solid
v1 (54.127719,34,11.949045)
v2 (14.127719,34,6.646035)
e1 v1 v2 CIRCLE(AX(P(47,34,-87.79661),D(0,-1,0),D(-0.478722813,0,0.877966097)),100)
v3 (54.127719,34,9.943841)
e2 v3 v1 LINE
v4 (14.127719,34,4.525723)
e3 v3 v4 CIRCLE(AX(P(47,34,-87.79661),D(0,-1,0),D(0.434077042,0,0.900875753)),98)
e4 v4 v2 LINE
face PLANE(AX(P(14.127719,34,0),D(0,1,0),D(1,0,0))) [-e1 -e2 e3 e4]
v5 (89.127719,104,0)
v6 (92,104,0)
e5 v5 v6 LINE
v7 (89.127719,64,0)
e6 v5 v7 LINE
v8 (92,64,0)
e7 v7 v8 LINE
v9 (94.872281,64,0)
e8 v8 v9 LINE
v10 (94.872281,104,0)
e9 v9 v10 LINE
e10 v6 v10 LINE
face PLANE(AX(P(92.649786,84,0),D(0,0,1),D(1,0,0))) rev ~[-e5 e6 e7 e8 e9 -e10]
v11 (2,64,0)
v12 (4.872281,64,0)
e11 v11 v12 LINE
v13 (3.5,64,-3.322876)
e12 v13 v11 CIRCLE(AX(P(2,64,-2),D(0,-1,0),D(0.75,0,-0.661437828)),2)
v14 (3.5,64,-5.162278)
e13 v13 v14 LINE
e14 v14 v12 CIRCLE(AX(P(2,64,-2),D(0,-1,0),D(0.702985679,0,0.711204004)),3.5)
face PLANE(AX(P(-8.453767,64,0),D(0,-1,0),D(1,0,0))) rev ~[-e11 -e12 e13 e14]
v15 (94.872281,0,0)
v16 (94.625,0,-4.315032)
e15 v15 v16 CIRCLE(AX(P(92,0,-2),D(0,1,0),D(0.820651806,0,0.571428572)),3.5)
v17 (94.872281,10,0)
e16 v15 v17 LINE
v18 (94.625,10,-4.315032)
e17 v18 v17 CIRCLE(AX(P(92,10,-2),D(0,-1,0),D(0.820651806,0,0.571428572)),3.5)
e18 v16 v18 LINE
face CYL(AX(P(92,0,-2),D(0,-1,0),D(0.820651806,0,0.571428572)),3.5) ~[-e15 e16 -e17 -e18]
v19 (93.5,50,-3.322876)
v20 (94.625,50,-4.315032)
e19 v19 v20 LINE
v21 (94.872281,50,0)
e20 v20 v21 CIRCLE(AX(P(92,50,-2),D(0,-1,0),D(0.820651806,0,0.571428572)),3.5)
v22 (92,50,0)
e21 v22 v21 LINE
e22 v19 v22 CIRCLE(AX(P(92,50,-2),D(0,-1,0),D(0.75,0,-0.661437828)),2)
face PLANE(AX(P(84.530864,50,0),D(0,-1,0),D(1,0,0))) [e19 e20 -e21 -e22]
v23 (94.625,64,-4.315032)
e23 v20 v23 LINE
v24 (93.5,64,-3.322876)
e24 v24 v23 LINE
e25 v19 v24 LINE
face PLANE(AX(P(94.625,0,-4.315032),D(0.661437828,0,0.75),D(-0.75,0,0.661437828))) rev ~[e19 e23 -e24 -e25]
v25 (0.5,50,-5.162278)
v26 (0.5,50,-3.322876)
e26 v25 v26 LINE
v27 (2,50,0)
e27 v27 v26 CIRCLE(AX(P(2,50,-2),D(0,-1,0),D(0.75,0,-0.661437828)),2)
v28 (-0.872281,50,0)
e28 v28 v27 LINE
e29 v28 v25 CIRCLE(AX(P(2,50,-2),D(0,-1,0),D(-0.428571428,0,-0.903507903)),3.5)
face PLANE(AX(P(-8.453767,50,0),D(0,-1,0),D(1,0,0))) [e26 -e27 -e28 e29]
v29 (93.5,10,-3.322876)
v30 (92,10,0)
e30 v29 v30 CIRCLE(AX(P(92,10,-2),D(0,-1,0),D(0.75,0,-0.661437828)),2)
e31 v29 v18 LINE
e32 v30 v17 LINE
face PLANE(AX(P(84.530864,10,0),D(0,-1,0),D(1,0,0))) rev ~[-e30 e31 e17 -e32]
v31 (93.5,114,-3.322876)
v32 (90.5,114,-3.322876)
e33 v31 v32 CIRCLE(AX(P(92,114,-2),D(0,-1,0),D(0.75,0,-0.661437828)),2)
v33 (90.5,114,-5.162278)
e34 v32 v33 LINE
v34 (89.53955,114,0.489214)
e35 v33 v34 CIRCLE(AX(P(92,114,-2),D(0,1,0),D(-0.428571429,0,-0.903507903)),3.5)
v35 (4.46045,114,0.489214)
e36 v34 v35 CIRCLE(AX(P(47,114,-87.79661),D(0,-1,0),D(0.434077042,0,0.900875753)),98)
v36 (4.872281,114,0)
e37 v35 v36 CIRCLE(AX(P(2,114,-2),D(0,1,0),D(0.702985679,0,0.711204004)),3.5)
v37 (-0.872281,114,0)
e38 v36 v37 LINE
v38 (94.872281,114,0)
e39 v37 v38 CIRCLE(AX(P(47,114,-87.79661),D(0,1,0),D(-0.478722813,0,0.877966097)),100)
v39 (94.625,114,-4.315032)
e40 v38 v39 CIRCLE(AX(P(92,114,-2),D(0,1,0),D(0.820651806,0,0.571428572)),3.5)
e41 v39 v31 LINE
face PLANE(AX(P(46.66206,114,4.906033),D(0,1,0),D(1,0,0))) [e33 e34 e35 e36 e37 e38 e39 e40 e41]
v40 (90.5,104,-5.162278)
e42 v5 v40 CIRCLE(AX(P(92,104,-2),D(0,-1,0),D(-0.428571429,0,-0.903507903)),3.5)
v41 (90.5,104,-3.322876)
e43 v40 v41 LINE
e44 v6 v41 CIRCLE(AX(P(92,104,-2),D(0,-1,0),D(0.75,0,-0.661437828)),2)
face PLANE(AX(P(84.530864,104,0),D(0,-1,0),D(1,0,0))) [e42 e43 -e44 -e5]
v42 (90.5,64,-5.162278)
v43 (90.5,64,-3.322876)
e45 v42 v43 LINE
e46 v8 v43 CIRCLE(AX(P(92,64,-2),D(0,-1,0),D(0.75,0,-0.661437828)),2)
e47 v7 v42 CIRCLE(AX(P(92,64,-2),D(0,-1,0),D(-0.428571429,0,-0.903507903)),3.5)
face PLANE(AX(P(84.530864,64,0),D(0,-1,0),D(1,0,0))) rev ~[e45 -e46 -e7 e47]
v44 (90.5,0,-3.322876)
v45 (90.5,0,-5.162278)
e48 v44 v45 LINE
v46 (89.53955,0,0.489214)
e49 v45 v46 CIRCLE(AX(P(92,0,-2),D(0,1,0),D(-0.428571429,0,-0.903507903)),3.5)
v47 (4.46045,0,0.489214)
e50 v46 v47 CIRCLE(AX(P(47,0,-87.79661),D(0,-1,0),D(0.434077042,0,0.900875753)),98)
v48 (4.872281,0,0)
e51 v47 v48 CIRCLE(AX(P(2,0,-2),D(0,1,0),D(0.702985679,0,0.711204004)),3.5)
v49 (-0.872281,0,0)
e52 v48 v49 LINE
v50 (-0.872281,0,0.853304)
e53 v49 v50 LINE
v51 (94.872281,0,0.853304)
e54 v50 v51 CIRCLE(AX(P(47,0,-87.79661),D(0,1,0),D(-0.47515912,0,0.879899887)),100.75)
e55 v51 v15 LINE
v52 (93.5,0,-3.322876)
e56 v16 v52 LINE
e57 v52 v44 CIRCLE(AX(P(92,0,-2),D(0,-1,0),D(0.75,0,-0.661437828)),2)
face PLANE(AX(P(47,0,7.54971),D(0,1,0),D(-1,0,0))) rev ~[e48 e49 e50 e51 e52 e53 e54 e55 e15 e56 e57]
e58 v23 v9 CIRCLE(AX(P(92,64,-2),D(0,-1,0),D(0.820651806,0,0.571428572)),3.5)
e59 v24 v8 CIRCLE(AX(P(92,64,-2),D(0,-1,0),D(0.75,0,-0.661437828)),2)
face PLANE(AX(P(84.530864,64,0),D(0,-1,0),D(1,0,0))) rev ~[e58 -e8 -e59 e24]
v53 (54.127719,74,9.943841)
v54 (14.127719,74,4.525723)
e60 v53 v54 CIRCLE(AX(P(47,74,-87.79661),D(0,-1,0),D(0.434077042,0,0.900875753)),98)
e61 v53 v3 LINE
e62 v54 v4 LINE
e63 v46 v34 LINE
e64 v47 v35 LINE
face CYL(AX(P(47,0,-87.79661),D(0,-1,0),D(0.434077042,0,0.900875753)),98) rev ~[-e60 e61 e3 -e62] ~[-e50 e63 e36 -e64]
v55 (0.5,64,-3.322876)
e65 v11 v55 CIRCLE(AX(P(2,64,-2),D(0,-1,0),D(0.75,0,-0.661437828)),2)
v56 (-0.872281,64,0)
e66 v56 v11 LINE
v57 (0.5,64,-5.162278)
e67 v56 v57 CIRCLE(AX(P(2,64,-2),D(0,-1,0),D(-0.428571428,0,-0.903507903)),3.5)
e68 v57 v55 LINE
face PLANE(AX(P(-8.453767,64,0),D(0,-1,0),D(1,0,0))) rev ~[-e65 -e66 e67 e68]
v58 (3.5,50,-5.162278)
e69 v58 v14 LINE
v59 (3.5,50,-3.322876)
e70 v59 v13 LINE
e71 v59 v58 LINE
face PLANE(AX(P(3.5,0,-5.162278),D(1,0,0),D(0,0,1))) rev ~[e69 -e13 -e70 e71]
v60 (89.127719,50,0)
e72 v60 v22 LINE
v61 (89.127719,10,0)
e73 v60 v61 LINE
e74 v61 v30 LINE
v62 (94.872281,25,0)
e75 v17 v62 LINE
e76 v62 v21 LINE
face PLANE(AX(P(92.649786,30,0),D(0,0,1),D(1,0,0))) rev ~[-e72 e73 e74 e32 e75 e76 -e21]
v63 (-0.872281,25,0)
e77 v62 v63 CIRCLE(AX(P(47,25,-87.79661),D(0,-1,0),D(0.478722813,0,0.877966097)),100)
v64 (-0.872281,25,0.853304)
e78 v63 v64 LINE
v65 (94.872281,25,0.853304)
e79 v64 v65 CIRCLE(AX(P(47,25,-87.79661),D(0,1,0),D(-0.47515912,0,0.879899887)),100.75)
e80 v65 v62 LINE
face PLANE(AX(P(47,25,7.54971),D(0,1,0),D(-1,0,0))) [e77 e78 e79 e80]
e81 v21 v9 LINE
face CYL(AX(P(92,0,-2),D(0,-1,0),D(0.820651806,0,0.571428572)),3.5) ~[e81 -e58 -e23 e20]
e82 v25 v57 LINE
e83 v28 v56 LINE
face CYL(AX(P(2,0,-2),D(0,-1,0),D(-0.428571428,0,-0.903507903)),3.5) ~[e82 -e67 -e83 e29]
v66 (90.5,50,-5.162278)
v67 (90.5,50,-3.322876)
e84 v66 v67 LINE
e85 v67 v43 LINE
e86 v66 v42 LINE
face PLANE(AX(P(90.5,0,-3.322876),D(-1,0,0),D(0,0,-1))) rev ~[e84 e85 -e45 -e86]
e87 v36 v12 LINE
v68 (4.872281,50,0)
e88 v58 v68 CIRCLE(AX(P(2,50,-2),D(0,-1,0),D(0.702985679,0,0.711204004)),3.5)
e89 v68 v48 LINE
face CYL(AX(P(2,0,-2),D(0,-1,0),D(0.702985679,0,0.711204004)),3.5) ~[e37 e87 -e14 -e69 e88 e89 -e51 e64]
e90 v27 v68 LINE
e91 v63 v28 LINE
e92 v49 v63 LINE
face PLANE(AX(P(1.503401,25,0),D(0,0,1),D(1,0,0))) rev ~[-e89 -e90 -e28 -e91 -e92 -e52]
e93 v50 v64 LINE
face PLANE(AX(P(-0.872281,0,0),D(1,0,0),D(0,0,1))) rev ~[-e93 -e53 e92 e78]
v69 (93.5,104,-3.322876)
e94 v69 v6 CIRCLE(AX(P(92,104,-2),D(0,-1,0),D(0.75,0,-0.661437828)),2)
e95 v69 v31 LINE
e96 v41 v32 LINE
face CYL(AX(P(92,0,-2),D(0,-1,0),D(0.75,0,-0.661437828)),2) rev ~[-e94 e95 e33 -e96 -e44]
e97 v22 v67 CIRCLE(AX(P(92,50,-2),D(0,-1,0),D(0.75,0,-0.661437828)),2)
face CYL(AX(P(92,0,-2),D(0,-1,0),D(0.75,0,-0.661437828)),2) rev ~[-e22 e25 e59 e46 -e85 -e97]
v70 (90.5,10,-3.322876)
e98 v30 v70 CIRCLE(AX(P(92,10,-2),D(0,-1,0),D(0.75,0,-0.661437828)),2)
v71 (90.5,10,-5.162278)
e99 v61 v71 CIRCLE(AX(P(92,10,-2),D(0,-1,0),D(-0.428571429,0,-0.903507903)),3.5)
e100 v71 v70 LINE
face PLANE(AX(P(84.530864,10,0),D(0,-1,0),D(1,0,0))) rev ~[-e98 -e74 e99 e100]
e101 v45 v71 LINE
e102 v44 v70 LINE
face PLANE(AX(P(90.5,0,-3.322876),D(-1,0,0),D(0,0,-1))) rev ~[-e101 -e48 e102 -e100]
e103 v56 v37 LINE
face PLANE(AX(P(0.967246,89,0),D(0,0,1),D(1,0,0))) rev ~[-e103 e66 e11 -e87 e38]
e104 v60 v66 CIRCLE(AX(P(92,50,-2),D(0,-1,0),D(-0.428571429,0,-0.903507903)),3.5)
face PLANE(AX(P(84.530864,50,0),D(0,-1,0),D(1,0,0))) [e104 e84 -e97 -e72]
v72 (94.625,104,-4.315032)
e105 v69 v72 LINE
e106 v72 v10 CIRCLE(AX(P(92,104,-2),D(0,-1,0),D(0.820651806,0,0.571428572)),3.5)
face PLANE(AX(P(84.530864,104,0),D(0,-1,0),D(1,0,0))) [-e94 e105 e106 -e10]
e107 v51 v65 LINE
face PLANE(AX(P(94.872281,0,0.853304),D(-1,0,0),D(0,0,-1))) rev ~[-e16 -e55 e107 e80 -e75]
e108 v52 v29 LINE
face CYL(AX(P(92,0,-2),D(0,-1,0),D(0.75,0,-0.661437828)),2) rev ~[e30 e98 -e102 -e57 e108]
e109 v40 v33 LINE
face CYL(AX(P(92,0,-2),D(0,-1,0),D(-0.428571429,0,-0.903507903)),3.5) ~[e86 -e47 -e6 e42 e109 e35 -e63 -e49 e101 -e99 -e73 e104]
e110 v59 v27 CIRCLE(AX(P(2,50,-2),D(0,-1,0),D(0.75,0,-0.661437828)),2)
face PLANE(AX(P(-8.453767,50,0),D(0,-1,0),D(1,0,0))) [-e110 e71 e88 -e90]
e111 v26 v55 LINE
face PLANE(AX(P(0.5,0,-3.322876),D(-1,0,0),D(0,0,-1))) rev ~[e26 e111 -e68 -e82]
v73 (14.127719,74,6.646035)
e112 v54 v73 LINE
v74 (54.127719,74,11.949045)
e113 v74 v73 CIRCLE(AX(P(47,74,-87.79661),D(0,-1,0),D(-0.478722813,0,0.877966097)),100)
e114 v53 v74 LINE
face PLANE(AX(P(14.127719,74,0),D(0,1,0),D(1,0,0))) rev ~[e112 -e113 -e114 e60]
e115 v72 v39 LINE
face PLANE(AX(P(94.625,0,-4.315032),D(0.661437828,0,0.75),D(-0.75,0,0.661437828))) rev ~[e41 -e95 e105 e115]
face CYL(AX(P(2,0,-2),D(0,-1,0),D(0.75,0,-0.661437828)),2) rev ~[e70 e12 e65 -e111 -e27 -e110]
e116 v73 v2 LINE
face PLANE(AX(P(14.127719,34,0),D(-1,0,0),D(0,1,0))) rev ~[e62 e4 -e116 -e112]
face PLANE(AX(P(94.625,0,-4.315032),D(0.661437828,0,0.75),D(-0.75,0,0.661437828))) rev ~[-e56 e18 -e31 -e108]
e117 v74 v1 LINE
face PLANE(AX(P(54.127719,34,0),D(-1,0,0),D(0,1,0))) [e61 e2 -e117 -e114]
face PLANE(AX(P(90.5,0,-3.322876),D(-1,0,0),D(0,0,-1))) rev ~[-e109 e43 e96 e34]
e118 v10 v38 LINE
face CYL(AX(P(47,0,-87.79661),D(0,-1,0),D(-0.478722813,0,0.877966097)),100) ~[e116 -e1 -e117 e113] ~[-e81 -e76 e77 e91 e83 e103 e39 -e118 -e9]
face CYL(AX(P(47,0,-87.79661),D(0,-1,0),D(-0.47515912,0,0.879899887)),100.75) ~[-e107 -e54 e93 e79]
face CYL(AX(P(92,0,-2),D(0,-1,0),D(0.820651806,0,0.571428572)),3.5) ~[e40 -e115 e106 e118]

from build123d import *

# Parameters (mm, degrees)
EXTRUDE_1_DEPTH     = 114
EXTRUDE_2_DEPTH     = 25
SKETCH_4_W          = 16.237843285
SKETCH_4_H          = 40
SKETCH_4_W_2        = 18.842025699
SKETCH_4_H_2        = 50
SKETCH_4_W_3        = 19.914336105
CUT_EXTRUDE_1_DEPTH = 20
SKETCH_5_W          = 40
SKETCH_5_H          = 40
CUT_EXTRUDE_2_DEPTH = 20


with BuildPart() as part:
    # 草图1 → 凸台-拉伸1 (new body)
    with BuildSketch(Plane(origin=(0, 0, 0), x_dir=(1, 0, 0), z_dir=(0, 1, 0))):
        with BuildLine():
            Line((90.5, 3.322875656), (90.5, 5.16227766))
            ThreePointArc((90.5, 5.16227766), (88.549473904, 2.586404006), (89.539550125, -0.489214015))
            ThreePointArc((89.539550125, -0.489214015), (47, -10.203390265), (4.460449875, -0.489214015))
            ThreePointArc((4.460449875, -0.489214015), (5.450526096, 2.586404006), (3.5, 5.16227766))
            Line((3.5, 5.16227766), (3.5, 3.322875656))
            ThreePointArc((3.5, 3.322875656), (2, 0), (0.5, 3.322875656))
            Line((0.5, 3.322875656), (0.5, 5.16227766))
            ThreePointArc((0.5, 5.16227766), (-1.382526963, 2.89917259), (-0.872281323, 0))
            ThreePointArc((-0.872281323, 0), (47, -12.203390265), (94.872281323, 0))
            ThreePointArc((94.872281323, 0), (95.494266967, 2.200245764), (94.625, 4.315032397))
            Line((94.625, 4.315032397), (93.5, 3.322875656))
            ThreePointArc((93.5, 3.322875656), (92, 0), (90.5, 3.322875656))
        make_face()
    extrude(amount=EXTRUDE_1_DEPTH)

    # 草图3 → 凸台-拉伸2 (add)
    with BuildSketch(Plane.XZ):
        with BuildLine():
            Line((-0.872281323, 0), (-0.872281323, 0.853303863))
            ThreePointArc((-0.872281323, 0.853303863), (47, 12.953390265), (94.872281323, 0.853303863))
            Line((94.872281323, 0.853303863), (94.872281323, 0))
            ThreePointArc((94.872281323, 0), (47, 12.203390265), (-0.872281323, 0))
        make_face()
    extrude(amount=-EXTRUDE_2_DEPTH)

    # 草图4 → 切除-拉伸1 (cut)
    with BuildSketch(Plane.XY):
        with Locations((92.649785841, 84)):
            Rectangle(SKETCH_4_W, SKETCH_4_H)
        with Locations((92.649785841, 30)):
            Rectangle(SKETCH_4_W, SKETCH_4_H)
        with Locations((0.967246157, 89)):
            Rectangle(SKETCH_4_W_2, SKETCH_4_H_2)
        with Locations((1.50340136, 25)):
            Rectangle(SKETCH_4_W_3, SKETCH_4_H_2)
    extrude(amount=-CUT_EXTRUDE_1_DEPTH, mode=Mode.SUBTRACT)

    # 草图5 → 切除-拉伸2 (cut)
    with BuildSketch(Plane.XY):
        with Locations((34.127718677, 54)):
            Rectangle(SKETCH_5_W, SKETCH_5_H)
    extrude(amount=CUT_EXTRUDE_2_DEPTH, mode=Mode.SUBTRACT)


solid = part.part
